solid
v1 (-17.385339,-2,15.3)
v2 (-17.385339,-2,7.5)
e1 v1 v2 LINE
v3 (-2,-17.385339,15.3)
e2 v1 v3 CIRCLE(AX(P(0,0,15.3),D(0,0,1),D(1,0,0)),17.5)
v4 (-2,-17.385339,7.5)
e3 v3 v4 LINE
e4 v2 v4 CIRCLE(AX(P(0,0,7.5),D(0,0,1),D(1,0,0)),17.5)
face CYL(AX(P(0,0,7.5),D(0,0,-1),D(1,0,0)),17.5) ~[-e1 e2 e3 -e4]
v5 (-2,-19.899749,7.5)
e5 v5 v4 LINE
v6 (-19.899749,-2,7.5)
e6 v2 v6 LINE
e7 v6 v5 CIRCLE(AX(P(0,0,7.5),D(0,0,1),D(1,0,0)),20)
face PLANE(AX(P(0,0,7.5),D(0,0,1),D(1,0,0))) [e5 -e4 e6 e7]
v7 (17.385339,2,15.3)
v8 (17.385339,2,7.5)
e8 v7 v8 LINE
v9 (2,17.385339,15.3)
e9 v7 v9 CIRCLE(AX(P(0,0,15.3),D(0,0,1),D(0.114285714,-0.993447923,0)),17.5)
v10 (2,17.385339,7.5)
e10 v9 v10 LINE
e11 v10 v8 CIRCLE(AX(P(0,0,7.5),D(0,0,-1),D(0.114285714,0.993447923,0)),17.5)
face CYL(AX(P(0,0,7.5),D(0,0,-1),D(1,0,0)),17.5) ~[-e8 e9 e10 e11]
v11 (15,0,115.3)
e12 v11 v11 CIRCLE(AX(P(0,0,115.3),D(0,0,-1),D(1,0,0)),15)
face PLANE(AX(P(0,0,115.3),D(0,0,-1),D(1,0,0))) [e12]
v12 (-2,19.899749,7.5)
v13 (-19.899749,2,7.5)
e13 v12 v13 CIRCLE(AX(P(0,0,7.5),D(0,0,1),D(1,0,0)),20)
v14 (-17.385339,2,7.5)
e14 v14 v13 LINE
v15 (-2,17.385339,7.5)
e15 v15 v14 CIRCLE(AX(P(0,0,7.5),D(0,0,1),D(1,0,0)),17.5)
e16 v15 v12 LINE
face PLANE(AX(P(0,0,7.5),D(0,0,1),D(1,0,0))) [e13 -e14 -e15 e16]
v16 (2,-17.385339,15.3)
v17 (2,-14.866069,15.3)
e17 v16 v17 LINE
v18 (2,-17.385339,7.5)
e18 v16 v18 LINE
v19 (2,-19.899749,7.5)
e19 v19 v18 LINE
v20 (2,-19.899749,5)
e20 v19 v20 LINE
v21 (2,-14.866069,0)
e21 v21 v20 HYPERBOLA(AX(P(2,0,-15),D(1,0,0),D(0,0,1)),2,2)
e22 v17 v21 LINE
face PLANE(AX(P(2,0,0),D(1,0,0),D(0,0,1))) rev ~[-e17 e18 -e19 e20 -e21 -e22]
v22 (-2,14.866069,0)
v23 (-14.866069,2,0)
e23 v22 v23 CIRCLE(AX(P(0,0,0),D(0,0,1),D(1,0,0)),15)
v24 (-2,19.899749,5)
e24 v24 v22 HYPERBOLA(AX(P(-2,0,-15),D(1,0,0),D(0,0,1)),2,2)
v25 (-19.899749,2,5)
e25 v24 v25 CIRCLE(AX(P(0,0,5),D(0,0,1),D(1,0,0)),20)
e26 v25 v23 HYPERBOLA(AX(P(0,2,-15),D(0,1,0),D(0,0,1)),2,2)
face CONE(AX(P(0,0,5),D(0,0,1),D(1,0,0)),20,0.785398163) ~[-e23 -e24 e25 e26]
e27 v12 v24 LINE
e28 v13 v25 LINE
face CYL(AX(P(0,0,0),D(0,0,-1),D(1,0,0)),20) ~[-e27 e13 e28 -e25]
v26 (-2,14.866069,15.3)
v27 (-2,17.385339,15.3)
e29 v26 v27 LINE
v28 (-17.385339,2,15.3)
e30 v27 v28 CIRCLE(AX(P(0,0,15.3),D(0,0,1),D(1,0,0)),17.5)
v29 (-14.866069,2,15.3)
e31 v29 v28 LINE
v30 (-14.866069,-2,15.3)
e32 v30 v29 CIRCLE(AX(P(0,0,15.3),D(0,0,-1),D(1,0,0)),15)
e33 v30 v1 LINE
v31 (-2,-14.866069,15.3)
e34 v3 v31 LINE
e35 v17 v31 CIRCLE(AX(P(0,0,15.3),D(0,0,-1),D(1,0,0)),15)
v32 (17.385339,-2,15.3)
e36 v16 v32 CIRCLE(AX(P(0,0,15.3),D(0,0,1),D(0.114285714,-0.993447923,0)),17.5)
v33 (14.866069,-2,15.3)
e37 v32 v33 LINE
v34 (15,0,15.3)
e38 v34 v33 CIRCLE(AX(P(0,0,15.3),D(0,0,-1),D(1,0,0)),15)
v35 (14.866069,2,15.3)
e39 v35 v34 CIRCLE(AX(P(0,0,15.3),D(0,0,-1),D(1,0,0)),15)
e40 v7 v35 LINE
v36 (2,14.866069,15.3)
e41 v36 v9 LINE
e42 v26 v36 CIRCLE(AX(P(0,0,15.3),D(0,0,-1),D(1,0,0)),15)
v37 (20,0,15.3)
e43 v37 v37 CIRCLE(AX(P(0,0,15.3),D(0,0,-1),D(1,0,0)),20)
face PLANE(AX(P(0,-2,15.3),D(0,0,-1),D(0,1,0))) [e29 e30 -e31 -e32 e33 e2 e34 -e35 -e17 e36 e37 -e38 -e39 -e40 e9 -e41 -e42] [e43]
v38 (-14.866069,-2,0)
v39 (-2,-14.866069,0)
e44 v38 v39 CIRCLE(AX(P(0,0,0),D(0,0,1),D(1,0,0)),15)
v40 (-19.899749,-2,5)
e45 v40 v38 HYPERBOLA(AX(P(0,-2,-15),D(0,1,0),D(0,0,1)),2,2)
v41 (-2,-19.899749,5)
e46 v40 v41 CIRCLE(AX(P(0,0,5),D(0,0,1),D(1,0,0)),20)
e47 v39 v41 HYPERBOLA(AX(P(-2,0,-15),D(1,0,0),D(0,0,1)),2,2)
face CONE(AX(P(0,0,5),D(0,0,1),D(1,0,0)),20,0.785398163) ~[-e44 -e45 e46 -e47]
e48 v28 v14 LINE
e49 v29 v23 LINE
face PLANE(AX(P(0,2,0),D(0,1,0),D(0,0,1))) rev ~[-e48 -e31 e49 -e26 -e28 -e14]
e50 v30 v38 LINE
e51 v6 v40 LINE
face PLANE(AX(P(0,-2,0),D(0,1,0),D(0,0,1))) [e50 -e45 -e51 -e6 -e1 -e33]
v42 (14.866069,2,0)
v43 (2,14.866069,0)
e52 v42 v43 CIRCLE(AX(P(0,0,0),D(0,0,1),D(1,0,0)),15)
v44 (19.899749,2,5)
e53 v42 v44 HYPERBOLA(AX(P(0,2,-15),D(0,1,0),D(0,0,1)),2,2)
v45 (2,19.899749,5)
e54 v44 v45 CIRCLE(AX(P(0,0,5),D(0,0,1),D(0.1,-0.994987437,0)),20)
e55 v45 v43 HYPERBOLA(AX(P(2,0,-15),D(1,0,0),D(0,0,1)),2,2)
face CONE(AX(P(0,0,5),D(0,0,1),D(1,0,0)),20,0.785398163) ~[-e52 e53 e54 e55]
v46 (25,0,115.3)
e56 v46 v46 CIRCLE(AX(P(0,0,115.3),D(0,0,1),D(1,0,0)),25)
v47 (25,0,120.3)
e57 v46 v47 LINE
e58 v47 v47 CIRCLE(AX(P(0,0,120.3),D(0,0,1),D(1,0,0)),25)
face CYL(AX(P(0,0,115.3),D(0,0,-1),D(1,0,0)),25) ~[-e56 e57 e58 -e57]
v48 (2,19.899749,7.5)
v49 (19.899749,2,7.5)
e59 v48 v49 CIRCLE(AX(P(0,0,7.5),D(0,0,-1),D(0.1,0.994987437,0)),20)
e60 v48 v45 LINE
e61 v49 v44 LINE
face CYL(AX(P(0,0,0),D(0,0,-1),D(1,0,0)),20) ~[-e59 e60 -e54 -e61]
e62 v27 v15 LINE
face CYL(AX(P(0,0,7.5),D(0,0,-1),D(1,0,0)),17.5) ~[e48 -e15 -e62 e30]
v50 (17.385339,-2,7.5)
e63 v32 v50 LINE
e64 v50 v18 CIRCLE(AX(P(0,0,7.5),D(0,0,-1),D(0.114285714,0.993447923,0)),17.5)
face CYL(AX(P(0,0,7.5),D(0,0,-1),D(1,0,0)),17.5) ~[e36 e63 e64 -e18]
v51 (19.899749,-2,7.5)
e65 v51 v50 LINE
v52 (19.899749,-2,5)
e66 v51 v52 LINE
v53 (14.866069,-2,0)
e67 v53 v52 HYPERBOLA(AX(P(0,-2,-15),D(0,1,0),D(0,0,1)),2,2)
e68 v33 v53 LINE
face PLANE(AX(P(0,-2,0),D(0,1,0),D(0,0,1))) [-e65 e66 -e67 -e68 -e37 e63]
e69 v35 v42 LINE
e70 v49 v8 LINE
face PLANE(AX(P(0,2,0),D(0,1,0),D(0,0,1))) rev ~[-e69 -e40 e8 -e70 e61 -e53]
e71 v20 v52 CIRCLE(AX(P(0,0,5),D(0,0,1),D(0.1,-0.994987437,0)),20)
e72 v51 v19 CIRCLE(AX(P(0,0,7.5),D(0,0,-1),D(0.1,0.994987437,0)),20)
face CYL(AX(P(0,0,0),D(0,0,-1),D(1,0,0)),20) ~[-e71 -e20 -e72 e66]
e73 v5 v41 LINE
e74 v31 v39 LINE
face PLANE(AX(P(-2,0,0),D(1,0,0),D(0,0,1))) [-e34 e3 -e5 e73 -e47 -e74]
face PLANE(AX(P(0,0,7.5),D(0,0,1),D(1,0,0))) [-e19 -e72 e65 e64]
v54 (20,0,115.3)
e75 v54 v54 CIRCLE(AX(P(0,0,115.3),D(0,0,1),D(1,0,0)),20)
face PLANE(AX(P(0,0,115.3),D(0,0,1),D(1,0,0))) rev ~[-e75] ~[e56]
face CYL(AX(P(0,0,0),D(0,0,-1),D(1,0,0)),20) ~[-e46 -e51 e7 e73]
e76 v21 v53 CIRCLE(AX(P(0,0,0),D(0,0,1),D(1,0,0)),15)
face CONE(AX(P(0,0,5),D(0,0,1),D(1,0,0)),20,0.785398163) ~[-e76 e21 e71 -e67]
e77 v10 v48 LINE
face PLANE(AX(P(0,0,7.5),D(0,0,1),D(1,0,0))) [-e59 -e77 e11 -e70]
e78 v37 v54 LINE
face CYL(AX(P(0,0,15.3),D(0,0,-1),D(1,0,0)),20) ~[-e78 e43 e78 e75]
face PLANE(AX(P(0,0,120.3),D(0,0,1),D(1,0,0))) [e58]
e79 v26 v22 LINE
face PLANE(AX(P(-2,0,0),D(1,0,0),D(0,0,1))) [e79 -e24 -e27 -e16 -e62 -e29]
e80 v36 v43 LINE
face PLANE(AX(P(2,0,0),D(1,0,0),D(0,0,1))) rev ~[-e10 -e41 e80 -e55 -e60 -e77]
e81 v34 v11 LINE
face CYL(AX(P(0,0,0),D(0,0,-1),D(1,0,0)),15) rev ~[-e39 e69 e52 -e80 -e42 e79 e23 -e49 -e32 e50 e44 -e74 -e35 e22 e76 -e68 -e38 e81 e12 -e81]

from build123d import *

# Parameters (mm, degrees)
F0_R      = 20
F1_DEPTH  = 7.5
F2_R      = 17.5
F3_DEPTH  = 7.8
F4_R      = 20
F5_DEPTH  = 100
F6_R      = 25
F7_DEPTH  = 5
F8_SIZE   = 5
F9_R      = 15
F10_DEPTH = 115.3
F11_W     = 4
F11_H     = 15.3
F12_DEPTH = 25
F13_W     = 4
F13_H     = 15.3
F14_DEPTH = 25


with BuildPart() as f1:
    # F0 (on Top) → F1 (new body)
    with BuildSketch(Plane.XY):
        Circle(F0_R)
    extrude(amount=F1_DEPTH)

    # F2 (on face) → F3 (join)
    with BuildSketch(Plane.XY.offset(7.5)):
        Circle(F2_R)
    extrude(amount=F3_DEPTH)

    # F4 (on face) → F5 (join)
    with BuildSketch(Plane.XY.offset(15.3)):
        Circle(F4_R)
    extrude(amount=F5_DEPTH)

    # F6 (on face) → F7 (join)
    with BuildSketch(Plane.XY.offset(115.3)):
        Circle(F6_R)
    extrude(amount=F7_DEPTH)

    # F8
    f8_edges = [f1.edges().sort_by_distance(p)[0] for p in [
        (-20, 0, 0),
    ]]
    chamfer(f8_edges, length=F8_SIZE)

    # F9 (on face) → F10 (cut, through all)
    with BuildSketch(Plane(origin=(0, 0, 0), x_dir=(1, 0, 0), z_dir=(0, 0, -1))):
        Circle(F9_R)
    extrude(amount=-F10_DEPTH, mode=Mode.SUBTRACT)

    # F11 (on Front) → F12 (cut, symmetric)
    with BuildSketch(Plane.XZ):
        with Locations((0, 7.65)):
            Rectangle(F11_W, F11_H)
    extrude(amount=F12_DEPTH, both=True, mode=Mode.SUBTRACT)

    # F13 (on Right) → F14 (cut, symmetric)
    with BuildSketch(Plane.YZ):
        with Locations((0, 7.65)):
            Rectangle(F13_W, F13_H)
    extrude(amount=F14_DEPTH, both=True, mode=Mode.SUBTRACT)


solid = f1.part
